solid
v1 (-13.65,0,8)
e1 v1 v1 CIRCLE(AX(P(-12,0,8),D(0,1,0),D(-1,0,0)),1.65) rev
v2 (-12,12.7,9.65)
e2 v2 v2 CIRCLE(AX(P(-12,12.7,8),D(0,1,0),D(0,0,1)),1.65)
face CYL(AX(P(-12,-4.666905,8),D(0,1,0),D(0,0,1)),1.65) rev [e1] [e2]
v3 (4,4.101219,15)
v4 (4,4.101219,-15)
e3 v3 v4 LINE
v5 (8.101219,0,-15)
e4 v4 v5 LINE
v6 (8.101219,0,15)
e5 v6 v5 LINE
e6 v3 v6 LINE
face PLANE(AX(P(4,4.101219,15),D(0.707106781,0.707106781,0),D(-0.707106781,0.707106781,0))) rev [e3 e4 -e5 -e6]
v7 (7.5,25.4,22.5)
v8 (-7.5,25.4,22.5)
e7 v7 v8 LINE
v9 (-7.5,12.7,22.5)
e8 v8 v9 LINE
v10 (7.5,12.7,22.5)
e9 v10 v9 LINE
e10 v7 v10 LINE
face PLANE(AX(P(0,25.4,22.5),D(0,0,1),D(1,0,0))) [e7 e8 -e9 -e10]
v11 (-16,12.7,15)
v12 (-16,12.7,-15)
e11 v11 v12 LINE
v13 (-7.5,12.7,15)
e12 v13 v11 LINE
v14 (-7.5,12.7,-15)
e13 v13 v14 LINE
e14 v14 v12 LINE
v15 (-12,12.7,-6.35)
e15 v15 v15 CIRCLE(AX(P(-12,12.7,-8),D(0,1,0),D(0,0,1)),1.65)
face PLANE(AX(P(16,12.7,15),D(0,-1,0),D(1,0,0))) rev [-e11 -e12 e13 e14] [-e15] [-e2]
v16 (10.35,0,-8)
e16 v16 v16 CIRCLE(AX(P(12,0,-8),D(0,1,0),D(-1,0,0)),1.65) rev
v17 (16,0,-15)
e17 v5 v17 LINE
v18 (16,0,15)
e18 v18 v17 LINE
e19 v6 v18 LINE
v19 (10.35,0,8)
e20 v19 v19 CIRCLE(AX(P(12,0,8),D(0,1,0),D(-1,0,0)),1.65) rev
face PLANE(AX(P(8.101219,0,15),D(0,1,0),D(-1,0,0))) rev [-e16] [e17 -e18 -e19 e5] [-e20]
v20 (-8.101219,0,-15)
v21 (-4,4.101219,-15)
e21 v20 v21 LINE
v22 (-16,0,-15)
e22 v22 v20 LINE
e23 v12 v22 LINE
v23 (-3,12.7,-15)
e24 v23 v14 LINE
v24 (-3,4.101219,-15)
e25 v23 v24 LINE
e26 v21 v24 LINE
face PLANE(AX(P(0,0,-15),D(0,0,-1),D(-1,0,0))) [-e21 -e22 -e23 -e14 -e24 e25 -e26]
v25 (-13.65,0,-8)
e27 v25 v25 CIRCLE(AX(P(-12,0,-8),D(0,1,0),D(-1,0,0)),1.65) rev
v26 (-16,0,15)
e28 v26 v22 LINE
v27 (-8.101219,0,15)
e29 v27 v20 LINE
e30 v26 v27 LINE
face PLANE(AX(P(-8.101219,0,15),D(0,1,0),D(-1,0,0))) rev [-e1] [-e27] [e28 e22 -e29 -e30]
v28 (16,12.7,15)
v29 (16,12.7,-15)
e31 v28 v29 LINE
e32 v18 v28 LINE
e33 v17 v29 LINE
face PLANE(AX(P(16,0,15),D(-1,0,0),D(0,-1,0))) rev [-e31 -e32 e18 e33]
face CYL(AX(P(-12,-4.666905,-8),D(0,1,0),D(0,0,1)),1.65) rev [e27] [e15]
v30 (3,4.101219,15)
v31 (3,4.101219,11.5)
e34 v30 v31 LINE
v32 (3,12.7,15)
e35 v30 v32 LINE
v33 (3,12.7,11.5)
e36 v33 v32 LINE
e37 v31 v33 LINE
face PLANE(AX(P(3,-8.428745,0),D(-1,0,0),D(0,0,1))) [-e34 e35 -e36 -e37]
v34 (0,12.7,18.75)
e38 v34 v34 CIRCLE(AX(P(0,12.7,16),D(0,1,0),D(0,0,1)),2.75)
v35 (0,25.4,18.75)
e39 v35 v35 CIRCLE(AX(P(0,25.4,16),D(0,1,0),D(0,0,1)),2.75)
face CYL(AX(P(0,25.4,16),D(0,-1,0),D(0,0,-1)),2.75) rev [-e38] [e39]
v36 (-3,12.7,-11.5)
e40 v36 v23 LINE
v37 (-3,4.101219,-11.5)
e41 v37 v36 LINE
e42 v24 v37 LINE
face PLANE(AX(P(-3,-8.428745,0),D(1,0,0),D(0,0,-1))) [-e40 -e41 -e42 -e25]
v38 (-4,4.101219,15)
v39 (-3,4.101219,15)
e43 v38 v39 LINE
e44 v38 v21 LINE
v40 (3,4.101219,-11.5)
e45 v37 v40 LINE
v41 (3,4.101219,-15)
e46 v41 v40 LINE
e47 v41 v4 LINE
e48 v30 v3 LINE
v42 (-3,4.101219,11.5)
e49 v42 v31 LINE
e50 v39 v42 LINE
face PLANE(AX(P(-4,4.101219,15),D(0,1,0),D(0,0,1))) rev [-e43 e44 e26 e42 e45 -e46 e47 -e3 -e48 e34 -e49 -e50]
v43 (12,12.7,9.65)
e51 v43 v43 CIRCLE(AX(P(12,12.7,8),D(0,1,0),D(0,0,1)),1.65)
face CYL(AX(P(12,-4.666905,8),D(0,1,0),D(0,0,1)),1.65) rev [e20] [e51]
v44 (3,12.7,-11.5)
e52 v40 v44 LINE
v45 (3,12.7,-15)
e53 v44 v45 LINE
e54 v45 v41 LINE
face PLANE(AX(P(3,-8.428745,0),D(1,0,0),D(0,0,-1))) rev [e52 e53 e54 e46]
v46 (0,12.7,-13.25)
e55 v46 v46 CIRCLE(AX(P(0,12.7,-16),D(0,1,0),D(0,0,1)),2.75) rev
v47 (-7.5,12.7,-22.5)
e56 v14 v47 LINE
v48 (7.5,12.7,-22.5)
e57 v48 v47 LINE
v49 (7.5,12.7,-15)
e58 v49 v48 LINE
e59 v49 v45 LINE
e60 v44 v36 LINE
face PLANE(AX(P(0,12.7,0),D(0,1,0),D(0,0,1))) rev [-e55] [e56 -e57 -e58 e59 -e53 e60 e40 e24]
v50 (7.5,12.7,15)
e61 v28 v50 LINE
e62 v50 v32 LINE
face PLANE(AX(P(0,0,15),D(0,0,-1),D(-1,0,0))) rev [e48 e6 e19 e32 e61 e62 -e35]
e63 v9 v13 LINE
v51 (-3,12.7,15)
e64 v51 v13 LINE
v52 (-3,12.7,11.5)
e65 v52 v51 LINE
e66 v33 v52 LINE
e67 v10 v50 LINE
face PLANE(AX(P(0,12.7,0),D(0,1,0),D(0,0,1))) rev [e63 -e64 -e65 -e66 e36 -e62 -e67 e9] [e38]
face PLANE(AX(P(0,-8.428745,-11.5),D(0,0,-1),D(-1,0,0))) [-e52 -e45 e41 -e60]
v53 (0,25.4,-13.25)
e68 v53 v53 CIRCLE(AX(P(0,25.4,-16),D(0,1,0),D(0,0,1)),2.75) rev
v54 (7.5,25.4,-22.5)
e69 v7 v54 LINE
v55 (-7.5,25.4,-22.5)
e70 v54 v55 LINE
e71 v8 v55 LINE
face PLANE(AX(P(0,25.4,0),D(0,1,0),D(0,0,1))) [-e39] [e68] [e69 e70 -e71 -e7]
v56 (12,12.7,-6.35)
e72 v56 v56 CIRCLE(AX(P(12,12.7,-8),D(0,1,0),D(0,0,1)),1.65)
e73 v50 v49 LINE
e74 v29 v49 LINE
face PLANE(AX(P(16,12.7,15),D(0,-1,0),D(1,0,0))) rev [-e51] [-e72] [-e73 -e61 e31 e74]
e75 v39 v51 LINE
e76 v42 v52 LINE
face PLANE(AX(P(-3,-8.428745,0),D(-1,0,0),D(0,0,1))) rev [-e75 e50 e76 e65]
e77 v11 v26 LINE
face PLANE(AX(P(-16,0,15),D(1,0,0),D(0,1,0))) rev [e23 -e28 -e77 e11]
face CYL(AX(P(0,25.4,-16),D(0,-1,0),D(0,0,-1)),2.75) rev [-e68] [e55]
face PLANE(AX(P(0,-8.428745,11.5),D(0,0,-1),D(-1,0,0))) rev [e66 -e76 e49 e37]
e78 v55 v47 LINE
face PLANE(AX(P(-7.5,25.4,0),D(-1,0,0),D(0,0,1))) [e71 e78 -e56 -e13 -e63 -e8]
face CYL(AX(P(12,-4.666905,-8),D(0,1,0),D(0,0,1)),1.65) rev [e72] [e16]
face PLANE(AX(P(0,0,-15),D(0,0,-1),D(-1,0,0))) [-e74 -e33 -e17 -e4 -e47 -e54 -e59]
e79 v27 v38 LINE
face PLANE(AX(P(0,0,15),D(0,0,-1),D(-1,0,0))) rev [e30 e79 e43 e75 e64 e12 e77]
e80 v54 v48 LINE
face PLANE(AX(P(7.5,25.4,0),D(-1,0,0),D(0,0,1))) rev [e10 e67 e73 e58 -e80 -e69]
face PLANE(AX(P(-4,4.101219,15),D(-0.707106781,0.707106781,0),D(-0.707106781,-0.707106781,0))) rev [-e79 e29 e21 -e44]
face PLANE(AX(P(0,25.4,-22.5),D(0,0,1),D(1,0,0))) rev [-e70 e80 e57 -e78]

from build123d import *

# Parameters (mm, degrees)
BOSS_EXTRUDE1_DEPTH = 15
SKETCH2_R           = 1.65
CUT_EXTRUDE1_DEPTH  = 12.7
SKETCH3_W           = 4.5
SKETCH3_H           = 7.5
BOSS_EXTRUDE3_DEPTH = 12.7
SKETCH3_7_W         = 6
SKETCH3_7_H         = 3.5
CUT_EXTRUDE4_DEPTH  = 12.7


with BuildPart() as part:
    # Sketch1 → Boss-Extrude1 (new body, symmetric)
    with BuildSketch(Plane.XY):
        Polygon((-4, 4.101219331), (4, 4.101219331), (8.101219331, 0), (16, 0), (16, 12.7), (-16, 12.7), (-16, 0), (-8.101219331, 0), align=None)
    extrude(amount=BOSS_EXTRUDE1_DEPTH, both=True)

    # Sketch2 → Cut-Extrude1 (cut)
    with BuildSketch(Plane(origin=(0, 12.7, 0), x_dir=(1, 0, 0), z_dir=(0, 1, 0))):
        with Locations((12, 8)):
            Circle(SKETCH2_R)
        with Locations((12, -8)):
            Circle(SKETCH2_R)
        with Locations((-12, -8)):
            Circle(SKETCH2_R)
        with Locations((-12, 8)):
            Circle(SKETCH2_R)
    extrude(amount=-CUT_EXTRUDE1_DEPTH, mode=Mode.SUBTRACT)

    # Sketch3 → Boss-Extrude3 (add)
    with BuildSketch(Plane(origin=(0, 12.7, 0), x_dir=(1, 0, 0), z_dir=(0, 1, 0))):
        with Locations((5.25, 18.75)):
            Rectangle(SKETCH3_W, SKETCH3_H)
        Polygon((3, -15), (7.5, -15), (7.5, 15), (3, 15), (3, 11.5), (-3, 11.5), (-3, 15), (-7.5, 15), (-7.5, -15), (-3, -15), (-3, -11.5), (3, -11.5), align=None)
        with Locations((-5.25, 18.75)):
            Rectangle(SKETCH3_W, SKETCH3_H)
        with BuildLine():
            Line((2.561737691, 15), (3, 15))
            Line((3, 15), (3, 22.5))
            Line((3, 22.5), (-3, 22.5))
            Line((-3, 22.5), (-3, 15))
            Line((-3, 15), (-2.561737691, 15))
            ThreePointArc((-2.561737691, 15), (-0.508783524, 18.702524621), (2.75, 16))
            ThreePointArc((2.75, 16), (2.702524621, 15.491216476), (2.561737691, 15))
        make_face()
        with BuildLine():
            Line((3, 11.5), (3, 15))
            Line((3, 15), (2.561737691, 15))
            ThreePointArc((2.561737691, 15), (0, 13.25), (-2.561737691, 15))
            Line((-2.561737691, 15), (-3, 15))
            Line((-3, 15), (-3, 11.5))
            Line((-3, 11.5), (3, 11.5))
        make_face()
        with BuildLine():
            Line((-3, -22.5), (3, -22.5))
            Line((3, -22.5), (3, -15))
            Line((3, -15), (2.561737691, -15))
            ThreePointArc((2.561737691, -15), (2.702524621, -15.491216476), (2.75, -16))
            ThreePointArc((2.75, -16), (-0.508783524, -18.702524621), (-2.561737691, -15))
            Line((-2.561737691, -15), (-3, -15))
            Line((-3, -15), (-3, -22.5))
        make_face()
        with Locations((5.25, -18.75)):
            Rectangle(SKETCH3_W, SKETCH3_H)
        with Locations((-5.25, -18.75)):
            Rectangle(SKETCH3_W, SKETCH3_H)
        with BuildLine():
            Line((2.561737691, -15), (3, -15))
            Line((3, -15), (3, -11.5))
            Line((3, -11.5), (-3, -11.5))
            Line((-3, -11.5), (-3, -15))
            Line((-3, -15), (-2.561737691, -15))
            ThreePointArc((-2.561737691, -15), (0, -13.25), (2.561737691, -15))
        make_face()
    extrude(amount=BOSS_EXTRUDE3_DEPTH)

    # Sketch3<7> → Cut-Extrude4 (cut)
    with BuildSketch(Plane(origin=(0, 12.7, 0), x_dir=(1, 0, 0), z_dir=(0, 1, 0))):
        with Locations((0, -13.25)):
            Rectangle(SKETCH3_7_W, SKETCH3_7_H)
        with Locations((0, 13.25)):
            Rectangle(SKETCH3_7_W, SKETCH3_7_H)
    extrude(amount=-CUT_EXTRUDE4_DEPTH, mode=Mode.SUBTRACT)


solid = part.part
